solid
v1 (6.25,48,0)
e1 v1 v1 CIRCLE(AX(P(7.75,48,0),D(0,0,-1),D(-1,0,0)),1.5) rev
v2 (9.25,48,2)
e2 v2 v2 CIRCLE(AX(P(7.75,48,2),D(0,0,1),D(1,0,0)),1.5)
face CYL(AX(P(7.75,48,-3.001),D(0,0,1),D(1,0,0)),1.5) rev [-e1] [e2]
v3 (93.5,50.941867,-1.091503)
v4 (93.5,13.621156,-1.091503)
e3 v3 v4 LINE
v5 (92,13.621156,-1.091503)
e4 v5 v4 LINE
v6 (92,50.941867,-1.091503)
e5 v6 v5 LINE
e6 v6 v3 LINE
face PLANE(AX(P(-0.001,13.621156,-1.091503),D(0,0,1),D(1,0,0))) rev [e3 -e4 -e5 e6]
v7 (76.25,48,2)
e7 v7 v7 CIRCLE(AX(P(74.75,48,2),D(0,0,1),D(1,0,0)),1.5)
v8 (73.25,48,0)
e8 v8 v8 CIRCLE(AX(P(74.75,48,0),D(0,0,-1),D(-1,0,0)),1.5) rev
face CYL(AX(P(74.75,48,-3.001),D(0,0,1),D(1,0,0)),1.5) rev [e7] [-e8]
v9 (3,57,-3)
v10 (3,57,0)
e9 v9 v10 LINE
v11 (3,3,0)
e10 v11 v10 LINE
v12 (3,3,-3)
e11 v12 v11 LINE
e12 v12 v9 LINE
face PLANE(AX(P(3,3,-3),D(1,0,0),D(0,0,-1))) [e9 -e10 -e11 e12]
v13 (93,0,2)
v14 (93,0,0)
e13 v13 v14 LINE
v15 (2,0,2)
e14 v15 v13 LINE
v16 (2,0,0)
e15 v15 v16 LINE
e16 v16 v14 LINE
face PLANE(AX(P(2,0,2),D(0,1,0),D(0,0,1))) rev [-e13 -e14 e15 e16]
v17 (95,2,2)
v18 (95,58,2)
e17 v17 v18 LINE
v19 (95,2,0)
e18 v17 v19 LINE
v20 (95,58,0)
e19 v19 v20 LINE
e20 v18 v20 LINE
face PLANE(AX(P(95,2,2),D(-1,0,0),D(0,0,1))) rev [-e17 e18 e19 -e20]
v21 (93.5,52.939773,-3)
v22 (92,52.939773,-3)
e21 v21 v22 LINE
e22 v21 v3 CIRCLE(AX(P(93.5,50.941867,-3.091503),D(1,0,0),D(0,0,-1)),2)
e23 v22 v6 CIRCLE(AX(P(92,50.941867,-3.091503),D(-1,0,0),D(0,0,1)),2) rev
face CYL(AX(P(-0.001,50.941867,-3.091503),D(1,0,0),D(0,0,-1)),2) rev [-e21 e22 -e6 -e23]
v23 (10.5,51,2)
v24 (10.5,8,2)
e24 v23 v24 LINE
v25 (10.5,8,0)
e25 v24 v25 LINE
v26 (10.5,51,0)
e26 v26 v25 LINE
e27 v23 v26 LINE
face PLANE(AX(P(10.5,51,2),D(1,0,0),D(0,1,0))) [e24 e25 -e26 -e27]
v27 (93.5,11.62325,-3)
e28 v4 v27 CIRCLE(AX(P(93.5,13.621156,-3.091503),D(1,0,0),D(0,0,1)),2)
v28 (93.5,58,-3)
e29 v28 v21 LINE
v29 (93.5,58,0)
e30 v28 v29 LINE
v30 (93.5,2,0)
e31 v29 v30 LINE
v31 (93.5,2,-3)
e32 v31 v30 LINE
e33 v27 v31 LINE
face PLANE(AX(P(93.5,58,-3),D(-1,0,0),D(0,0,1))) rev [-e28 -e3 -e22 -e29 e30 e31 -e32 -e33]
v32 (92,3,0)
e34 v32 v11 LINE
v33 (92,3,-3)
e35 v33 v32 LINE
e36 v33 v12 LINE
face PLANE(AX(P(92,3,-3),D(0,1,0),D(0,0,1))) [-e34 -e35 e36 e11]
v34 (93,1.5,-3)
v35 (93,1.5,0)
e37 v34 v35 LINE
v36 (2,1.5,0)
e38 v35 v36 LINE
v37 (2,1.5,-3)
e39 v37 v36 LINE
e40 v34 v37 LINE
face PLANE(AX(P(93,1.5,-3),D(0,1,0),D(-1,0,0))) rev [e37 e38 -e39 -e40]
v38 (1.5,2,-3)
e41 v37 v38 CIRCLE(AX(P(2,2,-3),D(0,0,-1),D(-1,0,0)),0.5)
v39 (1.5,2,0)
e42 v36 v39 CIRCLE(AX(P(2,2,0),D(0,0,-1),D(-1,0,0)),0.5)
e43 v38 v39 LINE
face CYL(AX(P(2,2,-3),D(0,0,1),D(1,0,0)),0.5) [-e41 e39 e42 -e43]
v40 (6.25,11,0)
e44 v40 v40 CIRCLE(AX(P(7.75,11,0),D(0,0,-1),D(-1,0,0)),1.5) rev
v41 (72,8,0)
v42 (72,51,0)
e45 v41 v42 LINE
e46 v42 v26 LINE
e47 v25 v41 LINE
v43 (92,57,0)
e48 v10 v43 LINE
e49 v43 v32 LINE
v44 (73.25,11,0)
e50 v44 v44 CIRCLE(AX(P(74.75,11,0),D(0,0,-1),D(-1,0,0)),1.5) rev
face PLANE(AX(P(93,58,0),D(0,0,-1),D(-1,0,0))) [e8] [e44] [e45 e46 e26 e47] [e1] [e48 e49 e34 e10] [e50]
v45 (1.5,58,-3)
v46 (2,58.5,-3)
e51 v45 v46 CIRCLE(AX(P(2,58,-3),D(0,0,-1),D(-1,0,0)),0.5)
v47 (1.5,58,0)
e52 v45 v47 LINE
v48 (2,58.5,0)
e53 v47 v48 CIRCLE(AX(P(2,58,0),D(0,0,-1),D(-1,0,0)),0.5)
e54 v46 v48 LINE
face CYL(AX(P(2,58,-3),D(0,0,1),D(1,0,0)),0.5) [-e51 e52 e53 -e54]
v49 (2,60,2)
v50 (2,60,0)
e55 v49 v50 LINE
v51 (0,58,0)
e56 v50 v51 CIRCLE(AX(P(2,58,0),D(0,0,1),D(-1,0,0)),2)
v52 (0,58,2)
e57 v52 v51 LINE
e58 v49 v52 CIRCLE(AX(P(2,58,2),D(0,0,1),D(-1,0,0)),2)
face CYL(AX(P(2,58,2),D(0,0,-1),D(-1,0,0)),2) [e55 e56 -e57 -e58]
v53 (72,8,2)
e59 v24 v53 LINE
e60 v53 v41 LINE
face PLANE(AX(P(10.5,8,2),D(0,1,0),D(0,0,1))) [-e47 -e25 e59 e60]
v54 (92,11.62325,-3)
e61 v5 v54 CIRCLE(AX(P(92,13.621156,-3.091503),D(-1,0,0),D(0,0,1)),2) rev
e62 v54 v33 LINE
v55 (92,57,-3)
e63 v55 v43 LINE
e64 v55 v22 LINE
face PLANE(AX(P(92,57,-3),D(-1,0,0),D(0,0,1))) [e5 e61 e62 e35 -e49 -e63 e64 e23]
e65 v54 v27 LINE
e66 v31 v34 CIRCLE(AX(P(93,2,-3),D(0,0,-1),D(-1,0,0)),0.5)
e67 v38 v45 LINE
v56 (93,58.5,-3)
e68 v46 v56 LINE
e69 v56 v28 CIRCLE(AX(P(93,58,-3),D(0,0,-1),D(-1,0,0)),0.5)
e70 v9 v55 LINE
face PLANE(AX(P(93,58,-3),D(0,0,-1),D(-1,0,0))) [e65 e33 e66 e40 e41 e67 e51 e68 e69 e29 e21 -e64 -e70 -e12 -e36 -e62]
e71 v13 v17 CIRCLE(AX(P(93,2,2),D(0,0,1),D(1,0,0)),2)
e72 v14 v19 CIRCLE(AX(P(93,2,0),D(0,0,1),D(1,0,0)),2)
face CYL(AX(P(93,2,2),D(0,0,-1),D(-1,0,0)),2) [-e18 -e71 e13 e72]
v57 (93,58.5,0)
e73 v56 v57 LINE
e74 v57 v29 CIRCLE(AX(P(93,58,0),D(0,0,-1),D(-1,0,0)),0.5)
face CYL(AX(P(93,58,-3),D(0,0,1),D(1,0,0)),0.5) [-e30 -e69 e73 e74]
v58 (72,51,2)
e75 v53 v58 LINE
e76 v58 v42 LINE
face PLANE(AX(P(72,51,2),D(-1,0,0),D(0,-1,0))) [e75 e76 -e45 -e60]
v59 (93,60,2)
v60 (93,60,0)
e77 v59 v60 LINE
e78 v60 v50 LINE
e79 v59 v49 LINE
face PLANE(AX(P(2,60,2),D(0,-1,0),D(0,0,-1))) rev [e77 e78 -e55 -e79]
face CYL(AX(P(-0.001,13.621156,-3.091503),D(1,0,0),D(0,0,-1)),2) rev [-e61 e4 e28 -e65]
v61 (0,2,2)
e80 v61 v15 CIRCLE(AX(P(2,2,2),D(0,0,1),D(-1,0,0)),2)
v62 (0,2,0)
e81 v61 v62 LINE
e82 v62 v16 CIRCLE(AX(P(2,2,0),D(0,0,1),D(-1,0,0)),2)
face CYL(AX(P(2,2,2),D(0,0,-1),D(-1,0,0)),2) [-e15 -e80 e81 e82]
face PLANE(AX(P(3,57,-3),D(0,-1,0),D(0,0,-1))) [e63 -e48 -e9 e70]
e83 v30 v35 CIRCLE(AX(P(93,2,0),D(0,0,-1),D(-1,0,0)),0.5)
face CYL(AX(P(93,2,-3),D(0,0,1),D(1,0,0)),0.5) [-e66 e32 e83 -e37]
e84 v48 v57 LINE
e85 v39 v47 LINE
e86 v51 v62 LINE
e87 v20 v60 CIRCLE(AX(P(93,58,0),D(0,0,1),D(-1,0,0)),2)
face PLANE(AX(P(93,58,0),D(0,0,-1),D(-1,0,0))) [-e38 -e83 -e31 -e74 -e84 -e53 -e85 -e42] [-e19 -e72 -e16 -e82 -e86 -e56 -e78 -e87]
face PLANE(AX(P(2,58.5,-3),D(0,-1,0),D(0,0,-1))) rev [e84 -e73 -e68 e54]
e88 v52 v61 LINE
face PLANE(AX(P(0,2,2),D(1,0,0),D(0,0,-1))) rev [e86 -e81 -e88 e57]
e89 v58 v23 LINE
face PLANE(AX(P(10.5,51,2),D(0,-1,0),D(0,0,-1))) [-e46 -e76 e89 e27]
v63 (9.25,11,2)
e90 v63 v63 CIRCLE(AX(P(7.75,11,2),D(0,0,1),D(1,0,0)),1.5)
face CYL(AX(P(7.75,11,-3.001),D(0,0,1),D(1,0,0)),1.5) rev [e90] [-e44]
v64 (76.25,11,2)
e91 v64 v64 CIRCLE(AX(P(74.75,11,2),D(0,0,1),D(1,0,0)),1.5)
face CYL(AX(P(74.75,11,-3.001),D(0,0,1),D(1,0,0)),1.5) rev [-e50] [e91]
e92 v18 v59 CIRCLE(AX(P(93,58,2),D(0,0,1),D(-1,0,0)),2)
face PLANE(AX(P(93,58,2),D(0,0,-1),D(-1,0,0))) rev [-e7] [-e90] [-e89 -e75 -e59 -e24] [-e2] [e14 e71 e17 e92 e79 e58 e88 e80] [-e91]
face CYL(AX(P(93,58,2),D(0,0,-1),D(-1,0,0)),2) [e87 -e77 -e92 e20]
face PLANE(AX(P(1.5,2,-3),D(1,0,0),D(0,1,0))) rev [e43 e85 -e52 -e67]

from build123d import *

# Parameters (mm, degrees)
SKETCH1_W           = 61.5
SKETCH1_H           = 43
BOSS_EXTRUDE1_DEPTH = 2
SKETCH2_W           = 89
SKETCH2_H           = 54
BOSS_EXTRUDE2_DEPTH = 3
CUT_EXTRUDE1_REACH  = 114.472
SKETCH3_R           = 1.5
CUT_EXTRUDE2_REACH  = 113.136


with BuildPart() as part:
    # Sketch1 → Boss-Extrude1 (new body)
    with BuildSketch(Plane.XY):
        with BuildLine():
            Line((2, 0), (93, 0))
            ThreePointArc((93, 0), (94.414213562, 0.585786438), (95, 2))
            Line((95, 2), (95, 58))
            ThreePointArc((95, 58), (94.414213562, 59.414213562), (93, 60))
            Line((93, 60), (2, 60))
            ThreePointArc((2, 60), (0.585786438, 59.414213562), (0, 58))
            Line((0, 58), (0, 2))
            ThreePointArc((0, 2), (0.585786438, 0.585786438), (2, 0))
        make_face()
        with Locations((41.25, 29.5)):
            Rectangle(SKETCH1_W, SKETCH1_H, mode=Mode.SUBTRACT)
    extrude(amount=BOSS_EXTRUDE1_DEPTH)

    # Sketch2 → Boss-Extrude2 (add)
    with BuildSketch(Plane(origin=(0, 0, 0), x_dir=(-1, 0, 0), z_dir=(0, 0, -1))):
        with BuildLine():
            Line((-93.5, 58), (-93.5, 2))
            ThreePointArc((-93.5, 2), (-93.353553391, 1.646446609), (-93, 1.5))
            Line((-93, 1.5), (-2, 1.5))
            ThreePointArc((-2, 1.5), (-1.646446609, 1.646446609), (-1.5, 2))
            Line((-1.5, 2), (-1.5, 58))
            ThreePointArc((-1.5, 58), (-1.646446609, 58.353553391), (-2, 58.5))
            Line((-2, 58.5), (-93, 58.5))
            ThreePointArc((-93, 58.5), (-93.353553391, 58.353553391), (-93.5, 58))
        make_face()
        with Locations((-47.5, 30)):
            Rectangle(SKETCH2_W, SKETCH2_H, mode=Mode.SUBTRACT)
    extrude(amount=BOSS_EXTRUDE2_DEPTH)

    # Sketch3 → Cut-Extrude1 (cut, up to next)
    with BuildSketch(Plane.XY.offset(2), mode=Mode.PRIVATE) as cut_extrude1_sk1:
        with Locations((7.75, 48)):
            Circle(SKETCH3_R)
    cut_extrude1_tool1 = extrude(cut_extrude1_sk1.sketch, amount=-CUT_EXTRUDE1_REACH, mode=Mode.PRIVATE) & part.part
    # Sketch3 → Cut-Extrude1 (cut, up to next)
    with BuildSketch(Plane.XY.offset(2), mode=Mode.PRIVATE) as cut_extrude1_sk2:
        with Locations((74.75, 48)):
            Circle(SKETCH3_R)
    cut_extrude1_tool2 = extrude(cut_extrude1_sk2.sketch, amount=-CUT_EXTRUDE1_REACH, mode=Mode.PRIVATE) & part.part
    # Sketch3 → Cut-Extrude1 (cut, up to next)
    with BuildSketch(Plane.XY.offset(2), mode=Mode.PRIVATE) as cut_extrude1_sk3:
        with Locations((7.75, 11)):
            Circle(SKETCH3_R)
    cut_extrude1_tool3 = extrude(cut_extrude1_sk3.sketch, amount=-CUT_EXTRUDE1_REACH, mode=Mode.PRIVATE) & part.part
    # Sketch3 → Cut-Extrude1 (cut, up to next)
    with BuildSketch(Plane.XY.offset(2), mode=Mode.PRIVATE) as cut_extrude1_sk4:
        with Locations((74.75, 11)):
            Circle(SKETCH3_R)
    cut_extrude1_tool4 = extrude(cut_extrude1_sk4.sketch, amount=-CUT_EXTRUDE1_REACH, mode=Mode.PRIVATE) & part.part
    add(cut_extrude1_tool1.solids().sort_by_distance((7.75, 48, 2))[0], mode=Mode.SUBTRACT)
    add(cut_extrude1_tool2.solids().sort_by_distance((74.75, 48, 2))[0], mode=Mode.SUBTRACT)
    add(cut_extrude1_tool3.solids().sort_by_distance((7.75, 11, 2))[0], mode=Mode.SUBTRACT)
    add(cut_extrude1_tool4.solids().sort_by_distance((74.75, 11, 2))[0], mode=Mode.SUBTRACT)

    # Sketch4 → Cut-Extrude2 (cut, up to next)
    with BuildSketch(Plane(origin=(93.5, 0, 0), x_dir=(0, 0, -1), z_dir=(1, 0, 0)), mode=Mode.PRIVATE) as cut_extrude2_sk1:
        with BuildLine():
            Line((6.35854024, 11.62115589), (3.091503029, 11.62115589))
            ThreePointArc((3.091503029, 11.62115589), (1.677289466, 12.206942328), (1.091503029, 13.62115589))
            Line((1.091503029, 13.62115589), (1.091503029, 50.941867475))
            ThreePointArc((1.091503029, 50.941867475), (1.677289466, 52.356081037), (3.091503029, 52.941867475))
            Line((3.091503029, 52.941867475), (6.35854024, 52.941867475))
            ThreePointArc((6.35854024, 52.941867475), (7.772753802, 52.356081037), (8.35854024, 50.941867475))
            Line((8.35854024, 50.941867475), (8.35854024, 13.62115589))
            ThreePointArc((8.35854024, 13.62115589), (7.772753802, 12.206942328), (6.35854024, 11.62115589))
        make_face()
    cut_extrude2_tool1 = extrude(cut_extrude2_sk1.sketch, amount=-CUT_EXTRUDE2_REACH, mode=Mode.PRIVATE) & part.part
    add(cut_extrude2_tool1.solids().sort_by_distance((93.5, 32.281512, -4.725022))[0], mode=Mode.SUBTRACT)


solid = part.part
